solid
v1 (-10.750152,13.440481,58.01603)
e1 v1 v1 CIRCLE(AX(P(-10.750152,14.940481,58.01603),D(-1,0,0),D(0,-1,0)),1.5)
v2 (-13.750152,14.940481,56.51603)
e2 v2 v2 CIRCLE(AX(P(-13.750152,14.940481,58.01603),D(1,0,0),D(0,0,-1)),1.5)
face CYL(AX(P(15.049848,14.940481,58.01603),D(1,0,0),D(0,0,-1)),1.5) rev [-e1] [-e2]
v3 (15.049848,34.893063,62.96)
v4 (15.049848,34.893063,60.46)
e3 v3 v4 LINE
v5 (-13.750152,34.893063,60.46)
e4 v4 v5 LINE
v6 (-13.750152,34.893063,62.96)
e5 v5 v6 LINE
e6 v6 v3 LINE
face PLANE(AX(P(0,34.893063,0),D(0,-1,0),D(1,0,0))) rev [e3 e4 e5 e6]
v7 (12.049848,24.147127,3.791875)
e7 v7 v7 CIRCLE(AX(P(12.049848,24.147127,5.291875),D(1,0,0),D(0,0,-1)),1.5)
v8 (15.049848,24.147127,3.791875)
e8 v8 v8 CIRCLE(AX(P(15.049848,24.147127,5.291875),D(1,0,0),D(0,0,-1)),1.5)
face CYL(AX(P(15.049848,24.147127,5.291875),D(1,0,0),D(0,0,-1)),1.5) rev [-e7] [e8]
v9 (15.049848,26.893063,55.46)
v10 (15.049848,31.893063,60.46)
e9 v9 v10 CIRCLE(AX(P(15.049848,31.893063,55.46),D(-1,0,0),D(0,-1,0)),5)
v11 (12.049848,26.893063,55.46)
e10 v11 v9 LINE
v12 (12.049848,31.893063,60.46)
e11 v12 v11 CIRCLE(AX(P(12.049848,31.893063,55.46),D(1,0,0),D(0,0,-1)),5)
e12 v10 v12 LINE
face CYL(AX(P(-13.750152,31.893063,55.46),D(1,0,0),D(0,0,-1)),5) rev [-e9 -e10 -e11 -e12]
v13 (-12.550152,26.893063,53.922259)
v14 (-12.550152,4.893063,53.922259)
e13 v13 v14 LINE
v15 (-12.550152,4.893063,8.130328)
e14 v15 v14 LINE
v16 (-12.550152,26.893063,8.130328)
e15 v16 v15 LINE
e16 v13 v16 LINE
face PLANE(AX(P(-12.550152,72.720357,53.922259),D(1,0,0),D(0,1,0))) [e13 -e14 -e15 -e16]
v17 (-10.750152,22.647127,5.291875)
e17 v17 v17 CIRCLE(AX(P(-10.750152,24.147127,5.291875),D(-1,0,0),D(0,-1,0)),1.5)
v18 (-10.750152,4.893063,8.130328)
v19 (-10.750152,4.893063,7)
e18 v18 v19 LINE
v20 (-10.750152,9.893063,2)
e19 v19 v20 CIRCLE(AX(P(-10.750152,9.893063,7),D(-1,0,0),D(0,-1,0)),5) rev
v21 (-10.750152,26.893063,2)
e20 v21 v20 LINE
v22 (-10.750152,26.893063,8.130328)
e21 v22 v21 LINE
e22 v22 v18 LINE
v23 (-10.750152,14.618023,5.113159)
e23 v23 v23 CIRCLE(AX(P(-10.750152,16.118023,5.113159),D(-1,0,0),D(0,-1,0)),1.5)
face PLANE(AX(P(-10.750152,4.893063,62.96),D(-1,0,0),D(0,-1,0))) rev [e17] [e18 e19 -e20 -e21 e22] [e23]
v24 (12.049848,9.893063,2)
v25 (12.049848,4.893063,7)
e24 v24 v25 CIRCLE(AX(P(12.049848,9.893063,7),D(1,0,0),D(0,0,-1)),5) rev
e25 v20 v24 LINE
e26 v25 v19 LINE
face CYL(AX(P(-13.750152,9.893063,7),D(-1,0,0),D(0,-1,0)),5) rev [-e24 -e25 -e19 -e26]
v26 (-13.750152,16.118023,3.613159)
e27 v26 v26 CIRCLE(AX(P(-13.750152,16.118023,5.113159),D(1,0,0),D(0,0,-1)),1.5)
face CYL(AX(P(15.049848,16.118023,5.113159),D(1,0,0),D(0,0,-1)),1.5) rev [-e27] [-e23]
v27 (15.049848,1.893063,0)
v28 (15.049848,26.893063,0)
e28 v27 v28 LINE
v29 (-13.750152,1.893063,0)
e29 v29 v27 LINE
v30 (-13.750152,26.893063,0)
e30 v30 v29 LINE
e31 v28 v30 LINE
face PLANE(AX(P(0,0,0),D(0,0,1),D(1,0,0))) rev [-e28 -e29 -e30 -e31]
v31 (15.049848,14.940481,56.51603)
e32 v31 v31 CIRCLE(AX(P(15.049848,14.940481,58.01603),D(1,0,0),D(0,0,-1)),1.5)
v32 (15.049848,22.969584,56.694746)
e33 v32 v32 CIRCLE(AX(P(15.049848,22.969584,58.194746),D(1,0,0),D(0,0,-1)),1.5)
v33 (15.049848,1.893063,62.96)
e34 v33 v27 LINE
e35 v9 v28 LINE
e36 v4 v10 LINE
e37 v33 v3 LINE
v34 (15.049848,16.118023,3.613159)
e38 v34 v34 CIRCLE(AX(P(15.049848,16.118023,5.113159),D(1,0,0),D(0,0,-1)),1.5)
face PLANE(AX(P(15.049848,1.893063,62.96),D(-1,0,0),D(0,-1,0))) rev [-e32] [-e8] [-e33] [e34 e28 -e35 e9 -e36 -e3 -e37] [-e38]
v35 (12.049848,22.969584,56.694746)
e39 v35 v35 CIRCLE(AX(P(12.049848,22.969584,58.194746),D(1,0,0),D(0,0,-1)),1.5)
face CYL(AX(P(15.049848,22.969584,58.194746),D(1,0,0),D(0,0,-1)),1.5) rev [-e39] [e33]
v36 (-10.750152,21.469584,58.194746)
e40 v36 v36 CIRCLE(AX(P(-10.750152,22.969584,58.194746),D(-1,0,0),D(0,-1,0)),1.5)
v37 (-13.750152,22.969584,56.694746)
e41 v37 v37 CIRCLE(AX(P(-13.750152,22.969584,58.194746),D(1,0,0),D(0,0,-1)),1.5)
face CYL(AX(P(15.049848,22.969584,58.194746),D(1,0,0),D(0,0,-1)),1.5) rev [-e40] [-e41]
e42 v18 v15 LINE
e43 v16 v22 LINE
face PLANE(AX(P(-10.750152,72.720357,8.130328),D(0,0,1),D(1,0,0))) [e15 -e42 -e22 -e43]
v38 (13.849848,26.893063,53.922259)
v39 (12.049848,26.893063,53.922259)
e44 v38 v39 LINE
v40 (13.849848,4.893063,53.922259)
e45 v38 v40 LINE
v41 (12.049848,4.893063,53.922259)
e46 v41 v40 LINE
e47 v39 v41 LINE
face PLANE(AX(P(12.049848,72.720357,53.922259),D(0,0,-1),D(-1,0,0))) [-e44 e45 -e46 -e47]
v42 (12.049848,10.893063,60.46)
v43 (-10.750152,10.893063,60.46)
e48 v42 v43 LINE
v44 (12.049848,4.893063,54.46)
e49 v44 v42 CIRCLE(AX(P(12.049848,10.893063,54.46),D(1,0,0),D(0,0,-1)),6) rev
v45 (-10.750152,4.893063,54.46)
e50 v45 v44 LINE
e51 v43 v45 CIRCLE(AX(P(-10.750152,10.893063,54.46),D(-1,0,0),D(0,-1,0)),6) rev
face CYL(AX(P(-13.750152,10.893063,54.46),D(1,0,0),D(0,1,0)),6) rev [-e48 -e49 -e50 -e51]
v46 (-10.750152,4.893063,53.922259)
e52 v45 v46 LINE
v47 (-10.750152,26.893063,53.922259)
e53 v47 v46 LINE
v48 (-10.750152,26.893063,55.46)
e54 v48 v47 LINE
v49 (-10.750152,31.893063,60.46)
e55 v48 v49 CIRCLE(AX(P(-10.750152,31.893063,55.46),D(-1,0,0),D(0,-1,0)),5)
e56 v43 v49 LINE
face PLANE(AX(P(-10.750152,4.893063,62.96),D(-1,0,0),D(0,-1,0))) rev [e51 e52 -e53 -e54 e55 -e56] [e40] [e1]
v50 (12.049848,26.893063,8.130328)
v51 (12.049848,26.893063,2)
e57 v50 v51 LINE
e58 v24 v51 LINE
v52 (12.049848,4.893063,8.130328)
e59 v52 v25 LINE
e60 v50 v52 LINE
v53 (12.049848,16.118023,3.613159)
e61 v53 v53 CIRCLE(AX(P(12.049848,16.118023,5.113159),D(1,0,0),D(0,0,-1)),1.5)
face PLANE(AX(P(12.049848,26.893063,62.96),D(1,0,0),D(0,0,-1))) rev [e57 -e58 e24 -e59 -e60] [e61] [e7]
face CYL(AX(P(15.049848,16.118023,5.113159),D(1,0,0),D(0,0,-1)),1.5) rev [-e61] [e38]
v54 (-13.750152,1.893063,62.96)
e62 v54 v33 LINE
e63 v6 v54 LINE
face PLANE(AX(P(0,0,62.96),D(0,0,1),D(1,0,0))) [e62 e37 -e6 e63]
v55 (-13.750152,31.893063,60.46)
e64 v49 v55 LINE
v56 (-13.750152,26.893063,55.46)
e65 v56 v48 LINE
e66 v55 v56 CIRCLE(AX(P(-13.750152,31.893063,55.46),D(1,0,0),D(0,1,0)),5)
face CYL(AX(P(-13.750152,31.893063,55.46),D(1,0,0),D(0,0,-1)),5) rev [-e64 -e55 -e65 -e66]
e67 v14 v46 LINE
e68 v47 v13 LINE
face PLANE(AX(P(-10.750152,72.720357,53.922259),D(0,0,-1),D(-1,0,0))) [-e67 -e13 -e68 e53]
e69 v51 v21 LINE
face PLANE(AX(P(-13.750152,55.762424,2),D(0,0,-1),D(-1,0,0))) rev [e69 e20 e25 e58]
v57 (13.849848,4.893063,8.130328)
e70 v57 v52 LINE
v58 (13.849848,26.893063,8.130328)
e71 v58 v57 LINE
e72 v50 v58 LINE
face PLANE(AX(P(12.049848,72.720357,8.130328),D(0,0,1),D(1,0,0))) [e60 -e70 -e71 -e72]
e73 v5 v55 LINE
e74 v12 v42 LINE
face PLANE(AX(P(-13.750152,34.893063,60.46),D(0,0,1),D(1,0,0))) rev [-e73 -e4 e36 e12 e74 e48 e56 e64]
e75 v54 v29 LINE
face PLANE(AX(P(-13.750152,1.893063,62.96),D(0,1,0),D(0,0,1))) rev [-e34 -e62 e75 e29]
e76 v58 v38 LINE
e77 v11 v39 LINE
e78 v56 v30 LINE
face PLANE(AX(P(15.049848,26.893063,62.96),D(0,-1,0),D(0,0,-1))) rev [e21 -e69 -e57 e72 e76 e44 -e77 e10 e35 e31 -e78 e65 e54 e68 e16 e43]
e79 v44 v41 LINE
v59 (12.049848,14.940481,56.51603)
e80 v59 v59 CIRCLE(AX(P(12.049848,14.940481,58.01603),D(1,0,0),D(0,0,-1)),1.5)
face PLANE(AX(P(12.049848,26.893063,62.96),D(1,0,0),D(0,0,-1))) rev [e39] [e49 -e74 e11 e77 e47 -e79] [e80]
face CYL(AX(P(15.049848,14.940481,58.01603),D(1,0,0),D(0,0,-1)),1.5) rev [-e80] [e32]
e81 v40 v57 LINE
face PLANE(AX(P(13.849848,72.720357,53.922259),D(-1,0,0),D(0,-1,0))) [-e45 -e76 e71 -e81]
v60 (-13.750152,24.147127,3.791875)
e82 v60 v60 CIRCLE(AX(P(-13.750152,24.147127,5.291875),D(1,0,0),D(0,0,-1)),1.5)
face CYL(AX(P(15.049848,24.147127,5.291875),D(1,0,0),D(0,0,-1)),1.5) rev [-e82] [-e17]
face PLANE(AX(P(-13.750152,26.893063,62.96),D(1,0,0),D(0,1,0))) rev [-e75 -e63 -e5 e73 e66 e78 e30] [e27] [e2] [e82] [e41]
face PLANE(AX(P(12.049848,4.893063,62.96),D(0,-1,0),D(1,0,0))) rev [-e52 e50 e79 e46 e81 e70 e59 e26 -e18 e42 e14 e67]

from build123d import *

# Parameters (mm, degrees)
EXTRUDE_1_DEPTH     = 62.96
SKETCH_2_W          = 28.8
SKETCH_2_H          = 2
EXTRUDE_2_DEPTH     = 22
SKETCH_7_W          = 1.8
SKETCH_7_H          = 45.791930202
CUT_EXTRUDE_1_DEPTH = 22
FILLET_2_R          = 5
MM_PRESS_3_D        = 3
SKETCH_14_W         = 28.8
SKETCH_14_H         = 2.5
EXTRUDE_3_DEPTH     = 30
FILLET_3_R          = 6
FILLET_4_R          = 5


with BuildPart() as part:
    # 草图1 → 凸台-拉伸1 (new body)
    with BuildSketch(Plane.XY):
        Polygon((-13.750151713, 26.893062898), (-13.750151713, 1.893062898), (15.049848287, 1.893062898), (15.049848287, 26.893062898), (12.049848287, 26.893062898), (12.049848287, 4.893062898), (-10.750151713, 4.893062898), (-10.750151713, 26.893062898), align=None)
    extrude(amount=EXTRUDE_1_DEPTH)

    # 草图2 → 凸台-拉伸2 (add)
    with BuildSketch(Plane(origin=(0, 4.893062898, 0), x_dir=(1, 0, 0), z_dir=(0, 1, 0))):
        with Locations((0.649848287, -1)):
            Rectangle(SKETCH_2_W, SKETCH_2_H)
    extrude(amount=EXTRUDE_2_DEPTH)

    # 草图7 → 切除-拉伸1 (cut)
    with BuildSketch(Plane(origin=(0, 4.893062898, 0), x_dir=(1, 0, 0), z_dir=(0, 1, 0))):
        with Locations((-11.650151713, -31.026293471)):
            Rectangle(SKETCH_7_W, SKETCH_7_H)
        with Locations((12.949848287, -31.026293471)):
            Rectangle(SKETCH_7_W, SKETCH_7_H)
    extrude(amount=CUT_EXTRUDE_1_DEPTH, mode=Mode.SUBTRACT)

    # 圆角2
    fillet_2_edges = [part.edges().sort_by_distance(p)[0] for p in [
        (0.649848287, 4.893062898, 2),
    ]]
    fillet(fillet_2_edges, radius=FILLET_2_R)

    # 大小mm Press 暗销孔3 (through all)
    with Locations(Plane(origin=(15.049848287, 207.544632648, -30.881320252), x_dir=(0, -0.022253058, 0.99975237), z_dir=(1, 0, 0))):
        with Locations((93.161367469, 190.578219389), (93.161367469, 182.547127137), (40.245392963, 190.578219389), (40.245392963, 182.547127137)):
            Hole(MM_PRESS_3_D / 2)

    # 草图14 → 凸台-拉伸3 (add)
    with BuildSketch(Plane(origin=(0, 4.893062898, 0), x_dir=(1, 0, 0), z_dir=(0, 1, 0))):
        with Locations((0.649848287, -61.71)):
            Rectangle(SKETCH_14_W, SKETCH_14_H)
    extrude(amount=EXTRUDE_3_DEPTH)

    # 圆角3
    fillet_3_edges = [part.edges().sort_by_distance(p)[0] for p in [
        (0.649848287, 4.893062898, 60.46),
    ]]
    fillet(fillet_3_edges, radius=FILLET_3_R)

    # 圆角4
    fillet_4_edges = [part.edges().sort_by_distance(p)[0] for p in [
        (13.549848287, 26.893062898, 60.46),
        (-12.250151713, 26.893062898, 60.46),
    ]]
    fillet(fillet_4_edges, radius=FILLET_4_R)


solid = part.part
